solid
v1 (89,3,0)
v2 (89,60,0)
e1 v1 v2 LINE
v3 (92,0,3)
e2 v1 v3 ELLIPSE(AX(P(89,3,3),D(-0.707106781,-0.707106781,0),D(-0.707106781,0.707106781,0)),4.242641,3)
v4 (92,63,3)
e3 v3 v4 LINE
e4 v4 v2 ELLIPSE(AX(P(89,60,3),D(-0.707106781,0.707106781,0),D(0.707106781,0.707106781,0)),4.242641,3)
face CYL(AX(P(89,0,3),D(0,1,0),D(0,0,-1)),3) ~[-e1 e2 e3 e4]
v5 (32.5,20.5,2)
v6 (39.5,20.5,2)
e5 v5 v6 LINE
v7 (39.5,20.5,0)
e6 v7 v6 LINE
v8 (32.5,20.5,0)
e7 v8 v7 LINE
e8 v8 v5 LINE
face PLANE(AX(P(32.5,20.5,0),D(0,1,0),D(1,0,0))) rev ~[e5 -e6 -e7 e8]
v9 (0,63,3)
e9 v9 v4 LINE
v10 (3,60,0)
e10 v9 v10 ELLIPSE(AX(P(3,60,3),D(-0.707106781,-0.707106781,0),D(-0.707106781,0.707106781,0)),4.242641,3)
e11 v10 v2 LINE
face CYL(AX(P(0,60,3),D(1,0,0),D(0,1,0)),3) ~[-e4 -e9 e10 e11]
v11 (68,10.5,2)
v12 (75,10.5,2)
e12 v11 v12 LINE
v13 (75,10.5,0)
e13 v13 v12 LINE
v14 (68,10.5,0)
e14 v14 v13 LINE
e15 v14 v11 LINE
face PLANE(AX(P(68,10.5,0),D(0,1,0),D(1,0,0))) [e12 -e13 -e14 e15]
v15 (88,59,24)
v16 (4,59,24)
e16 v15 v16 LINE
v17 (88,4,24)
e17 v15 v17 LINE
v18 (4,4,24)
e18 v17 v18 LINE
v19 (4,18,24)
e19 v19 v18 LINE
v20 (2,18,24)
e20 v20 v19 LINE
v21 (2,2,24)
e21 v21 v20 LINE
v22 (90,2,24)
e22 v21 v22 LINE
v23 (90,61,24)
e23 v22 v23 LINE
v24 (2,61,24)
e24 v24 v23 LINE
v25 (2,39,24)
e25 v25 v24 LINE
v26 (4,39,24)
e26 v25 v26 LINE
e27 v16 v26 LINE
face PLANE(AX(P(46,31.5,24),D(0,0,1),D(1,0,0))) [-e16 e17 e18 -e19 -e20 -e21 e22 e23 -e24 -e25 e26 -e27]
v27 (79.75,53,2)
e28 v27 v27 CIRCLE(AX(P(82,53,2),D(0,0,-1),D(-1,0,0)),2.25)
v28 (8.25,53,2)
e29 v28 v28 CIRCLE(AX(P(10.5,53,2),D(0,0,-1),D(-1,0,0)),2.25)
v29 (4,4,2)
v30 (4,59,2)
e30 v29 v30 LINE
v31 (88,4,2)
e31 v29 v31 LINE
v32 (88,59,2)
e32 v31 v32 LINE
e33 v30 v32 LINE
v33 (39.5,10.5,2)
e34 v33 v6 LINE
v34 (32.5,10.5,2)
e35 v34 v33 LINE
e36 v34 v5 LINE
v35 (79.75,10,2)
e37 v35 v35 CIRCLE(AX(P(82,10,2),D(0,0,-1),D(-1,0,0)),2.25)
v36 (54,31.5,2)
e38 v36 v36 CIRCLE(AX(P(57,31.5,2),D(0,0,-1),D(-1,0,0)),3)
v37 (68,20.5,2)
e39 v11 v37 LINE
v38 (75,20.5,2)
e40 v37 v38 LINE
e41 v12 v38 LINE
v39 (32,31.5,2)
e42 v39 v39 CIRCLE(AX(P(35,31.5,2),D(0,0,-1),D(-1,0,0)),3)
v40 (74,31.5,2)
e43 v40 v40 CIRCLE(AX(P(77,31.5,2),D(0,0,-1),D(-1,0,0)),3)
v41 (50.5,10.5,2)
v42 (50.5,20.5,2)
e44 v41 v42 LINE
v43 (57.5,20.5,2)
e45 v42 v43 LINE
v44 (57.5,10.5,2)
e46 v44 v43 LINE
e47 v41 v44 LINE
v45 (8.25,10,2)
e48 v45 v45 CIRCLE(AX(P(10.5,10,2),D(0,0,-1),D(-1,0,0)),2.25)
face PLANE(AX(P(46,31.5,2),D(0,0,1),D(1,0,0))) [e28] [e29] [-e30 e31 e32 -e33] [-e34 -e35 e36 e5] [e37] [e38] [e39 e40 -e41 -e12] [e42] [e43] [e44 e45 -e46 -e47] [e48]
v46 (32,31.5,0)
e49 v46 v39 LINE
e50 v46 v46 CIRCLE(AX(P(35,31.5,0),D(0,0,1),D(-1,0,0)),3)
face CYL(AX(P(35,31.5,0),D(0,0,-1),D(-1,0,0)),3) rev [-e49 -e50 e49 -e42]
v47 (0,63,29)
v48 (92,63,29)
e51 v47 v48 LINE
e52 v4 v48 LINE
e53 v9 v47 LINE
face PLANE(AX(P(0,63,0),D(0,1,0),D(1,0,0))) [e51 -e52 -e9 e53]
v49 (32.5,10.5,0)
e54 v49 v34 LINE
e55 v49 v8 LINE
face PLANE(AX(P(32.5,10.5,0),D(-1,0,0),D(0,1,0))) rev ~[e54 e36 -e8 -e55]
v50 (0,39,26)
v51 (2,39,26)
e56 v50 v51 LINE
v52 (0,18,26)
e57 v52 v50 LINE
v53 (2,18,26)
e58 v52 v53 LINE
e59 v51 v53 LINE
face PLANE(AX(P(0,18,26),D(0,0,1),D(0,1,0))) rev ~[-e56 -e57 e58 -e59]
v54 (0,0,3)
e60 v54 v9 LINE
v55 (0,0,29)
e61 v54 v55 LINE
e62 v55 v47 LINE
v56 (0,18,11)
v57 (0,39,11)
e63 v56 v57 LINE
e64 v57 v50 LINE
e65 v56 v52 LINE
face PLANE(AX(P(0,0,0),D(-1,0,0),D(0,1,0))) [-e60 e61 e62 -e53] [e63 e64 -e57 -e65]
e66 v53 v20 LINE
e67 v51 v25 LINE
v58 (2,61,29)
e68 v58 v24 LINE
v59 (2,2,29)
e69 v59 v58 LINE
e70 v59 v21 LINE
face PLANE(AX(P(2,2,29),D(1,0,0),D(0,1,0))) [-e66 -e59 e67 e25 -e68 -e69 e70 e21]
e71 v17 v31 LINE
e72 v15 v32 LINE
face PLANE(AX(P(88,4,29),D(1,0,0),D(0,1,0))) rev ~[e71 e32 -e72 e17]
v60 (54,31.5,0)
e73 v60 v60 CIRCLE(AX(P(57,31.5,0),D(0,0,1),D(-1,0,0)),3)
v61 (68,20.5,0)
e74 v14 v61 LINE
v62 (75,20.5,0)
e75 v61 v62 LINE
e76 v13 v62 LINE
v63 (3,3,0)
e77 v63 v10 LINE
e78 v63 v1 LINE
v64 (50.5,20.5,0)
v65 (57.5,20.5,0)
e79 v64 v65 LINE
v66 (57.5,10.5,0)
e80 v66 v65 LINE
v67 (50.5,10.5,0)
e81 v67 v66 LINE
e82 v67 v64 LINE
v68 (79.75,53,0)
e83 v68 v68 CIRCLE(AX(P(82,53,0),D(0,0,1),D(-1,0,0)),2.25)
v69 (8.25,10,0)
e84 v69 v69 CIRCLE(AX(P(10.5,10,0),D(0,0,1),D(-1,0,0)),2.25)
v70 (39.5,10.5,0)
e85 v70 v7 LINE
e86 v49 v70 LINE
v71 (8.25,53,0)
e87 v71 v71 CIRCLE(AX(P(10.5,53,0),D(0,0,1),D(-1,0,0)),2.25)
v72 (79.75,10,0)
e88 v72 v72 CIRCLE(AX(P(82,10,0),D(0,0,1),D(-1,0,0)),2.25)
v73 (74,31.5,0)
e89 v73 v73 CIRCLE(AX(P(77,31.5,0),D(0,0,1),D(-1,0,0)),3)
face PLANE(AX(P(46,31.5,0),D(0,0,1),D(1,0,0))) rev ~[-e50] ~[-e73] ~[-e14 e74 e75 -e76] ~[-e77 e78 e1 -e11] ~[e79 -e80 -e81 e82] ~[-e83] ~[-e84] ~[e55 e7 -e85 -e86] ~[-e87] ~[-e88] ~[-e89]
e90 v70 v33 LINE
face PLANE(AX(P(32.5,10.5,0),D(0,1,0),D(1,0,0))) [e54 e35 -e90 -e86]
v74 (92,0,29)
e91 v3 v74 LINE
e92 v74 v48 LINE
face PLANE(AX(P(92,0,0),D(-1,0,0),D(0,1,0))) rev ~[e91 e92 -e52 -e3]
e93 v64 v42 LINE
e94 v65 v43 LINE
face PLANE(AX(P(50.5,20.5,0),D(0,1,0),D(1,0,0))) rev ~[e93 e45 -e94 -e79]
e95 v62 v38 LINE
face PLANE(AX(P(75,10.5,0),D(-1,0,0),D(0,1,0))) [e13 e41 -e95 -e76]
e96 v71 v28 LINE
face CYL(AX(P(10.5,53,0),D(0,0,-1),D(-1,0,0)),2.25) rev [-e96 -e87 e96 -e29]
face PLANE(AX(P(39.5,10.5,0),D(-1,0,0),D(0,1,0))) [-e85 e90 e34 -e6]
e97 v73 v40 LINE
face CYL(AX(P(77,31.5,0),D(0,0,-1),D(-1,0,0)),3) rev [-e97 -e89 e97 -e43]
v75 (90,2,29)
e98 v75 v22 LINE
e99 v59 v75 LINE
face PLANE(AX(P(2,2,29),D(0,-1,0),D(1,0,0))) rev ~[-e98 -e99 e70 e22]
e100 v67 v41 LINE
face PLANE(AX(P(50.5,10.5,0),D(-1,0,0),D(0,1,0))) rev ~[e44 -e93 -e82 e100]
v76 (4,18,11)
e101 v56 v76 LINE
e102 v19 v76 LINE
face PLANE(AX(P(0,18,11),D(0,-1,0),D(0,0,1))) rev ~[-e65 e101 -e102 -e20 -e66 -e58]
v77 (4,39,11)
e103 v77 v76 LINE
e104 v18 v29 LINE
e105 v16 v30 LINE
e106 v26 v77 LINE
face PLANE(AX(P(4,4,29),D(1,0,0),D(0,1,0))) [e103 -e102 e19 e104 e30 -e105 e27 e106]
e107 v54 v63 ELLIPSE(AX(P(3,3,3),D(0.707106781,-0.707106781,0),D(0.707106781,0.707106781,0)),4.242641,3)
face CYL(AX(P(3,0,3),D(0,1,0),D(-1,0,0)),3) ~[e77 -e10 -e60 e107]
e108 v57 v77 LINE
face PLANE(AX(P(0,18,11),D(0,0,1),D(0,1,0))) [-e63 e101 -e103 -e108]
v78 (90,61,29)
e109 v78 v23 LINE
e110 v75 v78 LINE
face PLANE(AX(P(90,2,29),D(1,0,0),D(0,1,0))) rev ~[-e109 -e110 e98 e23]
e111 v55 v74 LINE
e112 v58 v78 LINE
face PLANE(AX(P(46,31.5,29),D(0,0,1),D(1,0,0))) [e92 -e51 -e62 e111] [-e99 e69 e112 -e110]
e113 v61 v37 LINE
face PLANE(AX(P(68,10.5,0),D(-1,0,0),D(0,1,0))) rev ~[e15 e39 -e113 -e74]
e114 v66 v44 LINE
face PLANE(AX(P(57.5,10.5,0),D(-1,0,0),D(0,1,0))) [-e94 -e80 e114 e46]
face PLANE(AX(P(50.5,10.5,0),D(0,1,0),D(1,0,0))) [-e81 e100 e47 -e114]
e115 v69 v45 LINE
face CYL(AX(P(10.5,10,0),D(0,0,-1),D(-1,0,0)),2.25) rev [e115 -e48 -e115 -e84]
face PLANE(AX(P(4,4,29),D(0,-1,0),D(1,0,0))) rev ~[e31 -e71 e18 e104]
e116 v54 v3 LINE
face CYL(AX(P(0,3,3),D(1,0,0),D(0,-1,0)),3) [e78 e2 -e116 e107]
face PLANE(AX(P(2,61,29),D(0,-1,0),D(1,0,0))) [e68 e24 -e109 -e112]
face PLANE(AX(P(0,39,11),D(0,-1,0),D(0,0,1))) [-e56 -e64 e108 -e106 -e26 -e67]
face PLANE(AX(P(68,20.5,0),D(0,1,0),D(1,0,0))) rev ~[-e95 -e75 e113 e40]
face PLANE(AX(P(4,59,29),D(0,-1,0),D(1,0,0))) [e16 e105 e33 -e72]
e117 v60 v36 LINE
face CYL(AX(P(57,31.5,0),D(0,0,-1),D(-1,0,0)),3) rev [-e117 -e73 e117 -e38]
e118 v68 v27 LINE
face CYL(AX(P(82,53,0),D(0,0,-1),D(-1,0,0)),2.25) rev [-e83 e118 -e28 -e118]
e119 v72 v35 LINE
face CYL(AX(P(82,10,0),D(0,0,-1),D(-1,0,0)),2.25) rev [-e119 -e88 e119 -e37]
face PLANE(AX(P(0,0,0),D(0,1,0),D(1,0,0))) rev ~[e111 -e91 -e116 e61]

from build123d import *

# Parameters (mm, degrees)
SKETCH3_W           = 92
SKETCH3_H           = 63
SKETCH3_R           = 3
SKETCH3_R_2         = 2.25
SKETCH3_W_2         = 7
SKETCH3_H_2         = 10
BOSS_EXTRUDE3_DEPTH = 29
SKETCH4_W           = 84
SKETCH4_H           = 55
CUT_EXTRUDE1_DEPTH  = 27
SKETCH5_W           = 88
SKETCH5_H           = 59
CUT_EXTRUDE2_DEPTH  = 5
FILLET1_R           = 3
SKETCH6_W           = 15
SKETCH6_H           = 21
CUT_EXTRUDE3_DEPTH  = 5


with BuildPart() as part:
    # Sketch3 → Boss-Extrude3 (new body)
    with BuildSketch(Plane.XY):
        with Locations((46, 31.5)):
            Rectangle(SKETCH3_W, SKETCH3_H)
        with Locations(Location((35, 31.5, 0), (0, 0, 180))):
            Circle(SKETCH3_R, mode=Mode.SUBTRACT)
        with Locations(Location((57, 31.5, 0), (0, 0, 180))):
            Circle(SKETCH3_R, mode=Mode.SUBTRACT)
        with Locations(Location((77, 31.5, 0), (0, 0, 180))):
            Circle(SKETCH3_R, mode=Mode.SUBTRACT)
        with Locations(Location((82, 53, 0), (0, 0, 180))):
            Circle(SKETCH3_R_2, mode=Mode.SUBTRACT)
        with Locations(Location((82, 10, 0), (0, 0, 180))):
            Circle(SKETCH3_R_2, mode=Mode.SUBTRACT)
        with Locations(Location((10.5, 10, 0), (0, 0, 180))):
            Circle(SKETCH3_R_2, mode=Mode.SUBTRACT)
        with Locations(Location((10.5, 53, 0), (0, 0, 180))):
            Circle(SKETCH3_R_2, mode=Mode.SUBTRACT)
        with Locations((71.5, 15.5)):
            Rectangle(SKETCH3_W_2, SKETCH3_H_2, mode=Mode.SUBTRACT)
        with Locations((54, 15.5)):
            Rectangle(SKETCH3_W_2, SKETCH3_H_2, mode=Mode.SUBTRACT)
        with Locations((36, 15.5)):
            Rectangle(SKETCH3_W_2, SKETCH3_H_2, mode=Mode.SUBTRACT)
    extrude(amount=BOSS_EXTRUDE3_DEPTH)

    # Sketch4 → Cut-Extrude1 (cut)
    with BuildSketch(Plane.XY.offset(29)):
        with Locations((46, 31.5)):
            Rectangle(SKETCH4_W, SKETCH4_H)
    extrude(amount=-CUT_EXTRUDE1_DEPTH, mode=Mode.SUBTRACT)

    # Sketch5 → Cut-Extrude2 (cut)
    with BuildSketch(Plane.XY.offset(29)):
        with Locations((46, 31.5)):
            Rectangle(SKETCH5_W, SKETCH5_H)
    extrude(amount=-CUT_EXTRUDE2_DEPTH, mode=Mode.SUBTRACT)

    # Fillet1
    fillet1_edges = [part.edges().sort_by_distance(p)[0] for p in [
        (0, 31.5, 0),
        (46, 63, 0),
        (92, 31.5, 0),
        (46, 0, 0),
    ]]
    fillet(fillet1_edges, radius=FILLET1_R)

    # Sketch6 → Cut-Extrude3 (cut)
    with BuildSketch(Plane.ZY):
        with Locations((18.5, 28.5)):
            Rectangle(SKETCH6_W, SKETCH6_H)
    extrude(amount=-CUT_EXTRUDE3_DEPTH, mode=Mode.SUBTRACT)


solid = part.part
